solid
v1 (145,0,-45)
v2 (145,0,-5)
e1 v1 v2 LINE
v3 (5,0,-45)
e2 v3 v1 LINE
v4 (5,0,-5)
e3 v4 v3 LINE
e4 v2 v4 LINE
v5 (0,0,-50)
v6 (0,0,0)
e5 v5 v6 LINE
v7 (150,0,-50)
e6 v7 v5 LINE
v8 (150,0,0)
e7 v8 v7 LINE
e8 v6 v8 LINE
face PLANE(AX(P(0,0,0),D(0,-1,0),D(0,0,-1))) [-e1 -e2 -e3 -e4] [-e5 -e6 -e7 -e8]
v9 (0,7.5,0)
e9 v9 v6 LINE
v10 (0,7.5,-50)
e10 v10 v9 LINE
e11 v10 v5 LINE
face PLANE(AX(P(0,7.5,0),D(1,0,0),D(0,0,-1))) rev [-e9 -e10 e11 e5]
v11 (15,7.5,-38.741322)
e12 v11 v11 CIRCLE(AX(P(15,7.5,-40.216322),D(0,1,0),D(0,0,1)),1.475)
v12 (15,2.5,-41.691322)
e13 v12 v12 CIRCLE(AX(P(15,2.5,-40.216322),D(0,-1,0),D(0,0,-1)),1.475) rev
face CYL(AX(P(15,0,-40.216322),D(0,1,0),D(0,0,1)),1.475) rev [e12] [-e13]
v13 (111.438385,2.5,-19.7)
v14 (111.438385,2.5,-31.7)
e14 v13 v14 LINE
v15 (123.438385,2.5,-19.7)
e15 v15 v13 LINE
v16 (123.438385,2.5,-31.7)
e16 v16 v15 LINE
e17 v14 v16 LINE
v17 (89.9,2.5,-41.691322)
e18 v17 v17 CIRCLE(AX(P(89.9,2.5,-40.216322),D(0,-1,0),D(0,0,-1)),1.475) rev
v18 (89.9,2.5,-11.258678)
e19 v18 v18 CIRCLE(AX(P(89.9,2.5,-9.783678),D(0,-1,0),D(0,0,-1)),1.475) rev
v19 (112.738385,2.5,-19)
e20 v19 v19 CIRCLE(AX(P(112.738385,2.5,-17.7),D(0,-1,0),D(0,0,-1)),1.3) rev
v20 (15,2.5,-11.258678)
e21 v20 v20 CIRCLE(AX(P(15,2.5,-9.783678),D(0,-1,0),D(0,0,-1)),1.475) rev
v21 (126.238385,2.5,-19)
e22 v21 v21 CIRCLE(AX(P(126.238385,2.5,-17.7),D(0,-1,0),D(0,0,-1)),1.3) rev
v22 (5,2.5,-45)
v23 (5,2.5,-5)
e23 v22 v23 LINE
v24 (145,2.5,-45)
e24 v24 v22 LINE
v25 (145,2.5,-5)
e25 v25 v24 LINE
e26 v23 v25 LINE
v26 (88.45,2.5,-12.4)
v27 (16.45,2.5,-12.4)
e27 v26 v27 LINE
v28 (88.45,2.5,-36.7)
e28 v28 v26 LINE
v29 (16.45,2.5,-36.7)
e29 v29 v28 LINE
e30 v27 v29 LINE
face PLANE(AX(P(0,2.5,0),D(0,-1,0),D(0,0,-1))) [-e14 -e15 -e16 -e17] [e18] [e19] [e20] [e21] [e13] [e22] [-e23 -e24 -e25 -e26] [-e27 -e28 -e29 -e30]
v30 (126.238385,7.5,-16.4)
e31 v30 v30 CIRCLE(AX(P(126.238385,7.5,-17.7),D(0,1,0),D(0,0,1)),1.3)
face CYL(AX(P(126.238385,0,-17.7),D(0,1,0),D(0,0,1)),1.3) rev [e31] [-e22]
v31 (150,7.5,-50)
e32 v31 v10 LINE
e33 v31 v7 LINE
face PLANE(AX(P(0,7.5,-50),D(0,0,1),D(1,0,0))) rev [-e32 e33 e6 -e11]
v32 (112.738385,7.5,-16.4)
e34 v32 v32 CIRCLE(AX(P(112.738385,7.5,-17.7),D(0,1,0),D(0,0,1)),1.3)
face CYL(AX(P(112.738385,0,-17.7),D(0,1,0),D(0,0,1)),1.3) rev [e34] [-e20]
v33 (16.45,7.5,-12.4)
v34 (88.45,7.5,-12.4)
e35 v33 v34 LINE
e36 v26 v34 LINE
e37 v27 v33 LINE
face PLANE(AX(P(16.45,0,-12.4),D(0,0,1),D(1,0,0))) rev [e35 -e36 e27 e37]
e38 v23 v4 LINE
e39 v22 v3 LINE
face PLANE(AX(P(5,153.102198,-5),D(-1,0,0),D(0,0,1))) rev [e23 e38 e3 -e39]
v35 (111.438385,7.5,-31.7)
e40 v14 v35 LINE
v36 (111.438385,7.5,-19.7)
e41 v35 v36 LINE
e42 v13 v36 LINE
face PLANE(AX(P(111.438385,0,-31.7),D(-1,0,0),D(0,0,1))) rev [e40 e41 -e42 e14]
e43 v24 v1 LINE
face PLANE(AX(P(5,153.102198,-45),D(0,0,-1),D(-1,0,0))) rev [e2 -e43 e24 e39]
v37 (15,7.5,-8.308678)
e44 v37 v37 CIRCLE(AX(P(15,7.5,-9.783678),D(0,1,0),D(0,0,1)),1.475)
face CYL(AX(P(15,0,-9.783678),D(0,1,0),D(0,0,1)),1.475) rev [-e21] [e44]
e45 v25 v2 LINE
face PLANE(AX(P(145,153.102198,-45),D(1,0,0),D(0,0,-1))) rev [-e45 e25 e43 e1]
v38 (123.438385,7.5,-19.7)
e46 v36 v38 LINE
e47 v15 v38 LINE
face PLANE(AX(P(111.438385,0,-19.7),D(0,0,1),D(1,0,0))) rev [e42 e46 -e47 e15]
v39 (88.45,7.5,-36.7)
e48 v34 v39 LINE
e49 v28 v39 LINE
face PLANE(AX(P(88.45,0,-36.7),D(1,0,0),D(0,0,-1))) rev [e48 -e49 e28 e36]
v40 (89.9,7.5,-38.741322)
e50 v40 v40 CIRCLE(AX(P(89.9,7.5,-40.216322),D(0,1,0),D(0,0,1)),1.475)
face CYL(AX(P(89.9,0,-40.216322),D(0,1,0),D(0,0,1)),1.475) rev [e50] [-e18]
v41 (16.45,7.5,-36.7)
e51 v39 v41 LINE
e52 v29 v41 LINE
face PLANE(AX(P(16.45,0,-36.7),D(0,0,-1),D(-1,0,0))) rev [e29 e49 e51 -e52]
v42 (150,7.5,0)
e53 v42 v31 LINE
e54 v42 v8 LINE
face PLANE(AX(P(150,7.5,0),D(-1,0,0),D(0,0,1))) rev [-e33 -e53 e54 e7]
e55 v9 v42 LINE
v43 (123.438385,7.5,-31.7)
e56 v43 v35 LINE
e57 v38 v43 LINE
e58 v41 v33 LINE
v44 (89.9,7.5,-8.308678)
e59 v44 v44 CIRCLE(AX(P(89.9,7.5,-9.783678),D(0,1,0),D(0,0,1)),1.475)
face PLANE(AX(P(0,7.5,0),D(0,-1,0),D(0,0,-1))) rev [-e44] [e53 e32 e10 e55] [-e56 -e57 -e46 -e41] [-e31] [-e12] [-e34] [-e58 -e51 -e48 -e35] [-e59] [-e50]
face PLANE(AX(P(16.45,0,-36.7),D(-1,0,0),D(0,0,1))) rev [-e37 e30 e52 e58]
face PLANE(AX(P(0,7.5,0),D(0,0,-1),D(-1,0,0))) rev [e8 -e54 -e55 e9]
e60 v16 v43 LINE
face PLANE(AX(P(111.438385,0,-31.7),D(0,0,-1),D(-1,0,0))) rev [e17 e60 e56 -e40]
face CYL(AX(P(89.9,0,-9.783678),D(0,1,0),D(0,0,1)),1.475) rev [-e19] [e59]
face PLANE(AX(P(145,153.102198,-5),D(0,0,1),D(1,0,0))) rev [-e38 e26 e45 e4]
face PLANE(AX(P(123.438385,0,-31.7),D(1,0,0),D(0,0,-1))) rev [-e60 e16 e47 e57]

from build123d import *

# Parameters (mm, degrees)
SKETCH2_W           = 150
SKETCH2_H           = 50
BOSS_EXTRUDE1_DEPTH = 7.5
SKETCH3_R           = 1.475
CUT_EXTRUDE1_DEPTH  = 159.291661183
SKETCH4_R           = 1.3
CUT_EXTRUDE2_DEPTH  = 159.291661183
SKETCH6_W           = 140
SKETCH6_H           = 40
CUT_EXTRUDE3_DEPTH  = 2.5
SKETCH8_W           = 72
SKETCH8_H           = 24.3
CUT_EXTRUDE4_DEPTH  = 159.291661183
SKETCH9_W           = 12
SKETCH9_H           = 12
CUT_EXTRUDE5_DEPTH  = 159.291661183


with BuildPart() as part:
    # Sketch2 → Boss-Extrude1 (new body)
    with BuildSketch(Plane(origin=(0, 0, 0), x_dir=(1, 0, 0), z_dir=(0, 1, 0))):
        with Locations((75, 25)):
            Rectangle(SKETCH2_W, SKETCH2_H)
    extrude(amount=BOSS_EXTRUDE1_DEPTH)

    # Sketch3 → Cut-Extrude1 (cut, through all)
    with BuildSketch(Plane(origin=(0, 7.5, 0), x_dir=(1, 0, 0), z_dir=(0, 1, 0))):
        with Locations(Location((15, 40.216322293, 0), (0, 0, 270))):
            Circle(SKETCH3_R)
        with Locations(Location((89.9, 40.216322293, 0), (0, 0, 270))):
            Circle(SKETCH3_R)
        with Locations(Location((89.9, 9.783677707, 0), (0, 0, 270))):
            Circle(SKETCH3_R)
        with Locations(Location((15, 9.783677707, 0), (0, 0, 270))):
            Circle(SKETCH3_R)
    extrude(amount=-CUT_EXTRUDE1_DEPTH, mode=Mode.SUBTRACT)

    # Sketch4 → Cut-Extrude2 (cut, through all)
    with BuildSketch(Plane(origin=(0, 7.5, 0), x_dir=(1, 0, 0), z_dir=(0, 1, 0))):
        with Locations(Location((112.738384592, 17.7, 0), (0, 0, 270))):
            Circle(SKETCH4_R)
        with Locations(Location((126.238384592, 17.7, 0), (0, 0, 270))):
            Circle(SKETCH4_R)
    extrude(amount=-CUT_EXTRUDE2_DEPTH, mode=Mode.SUBTRACT)

    # Sketch6 → Cut-Extrude3 (cut)
    with BuildSketch(Plane.XZ):
        with Locations((75, -25)):
            Rectangle(SKETCH6_W, SKETCH6_H)
    extrude(amount=-CUT_EXTRUDE3_DEPTH, mode=Mode.SUBTRACT)

    # Sketch8 → Cut-Extrude4 (cut, through all)
    with BuildSketch(Plane(origin=(0, 7.5, 0), x_dir=(1, 0, 0), z_dir=(0, 1, 0))):
        with Locations((52.45, 24.55)):
            Rectangle(SKETCH8_W, SKETCH8_H)
    extrude(amount=-CUT_EXTRUDE4_DEPTH, mode=Mode.SUBTRACT)

    # Sketch9 → Cut-Extrude5 (cut, through all)
    with BuildSketch(Plane(origin=(0, 7.5, 0), x_dir=(1, 0, 0), z_dir=(0, 1, 0))):
        with Locations((117.438384592, 25.7)):
            Rectangle(SKETCH9_W, SKETCH9_H)
    extrude(amount=-CUT_EXTRUDE5_DEPTH, mode=Mode.SUBTRACT)


solid = part.part
